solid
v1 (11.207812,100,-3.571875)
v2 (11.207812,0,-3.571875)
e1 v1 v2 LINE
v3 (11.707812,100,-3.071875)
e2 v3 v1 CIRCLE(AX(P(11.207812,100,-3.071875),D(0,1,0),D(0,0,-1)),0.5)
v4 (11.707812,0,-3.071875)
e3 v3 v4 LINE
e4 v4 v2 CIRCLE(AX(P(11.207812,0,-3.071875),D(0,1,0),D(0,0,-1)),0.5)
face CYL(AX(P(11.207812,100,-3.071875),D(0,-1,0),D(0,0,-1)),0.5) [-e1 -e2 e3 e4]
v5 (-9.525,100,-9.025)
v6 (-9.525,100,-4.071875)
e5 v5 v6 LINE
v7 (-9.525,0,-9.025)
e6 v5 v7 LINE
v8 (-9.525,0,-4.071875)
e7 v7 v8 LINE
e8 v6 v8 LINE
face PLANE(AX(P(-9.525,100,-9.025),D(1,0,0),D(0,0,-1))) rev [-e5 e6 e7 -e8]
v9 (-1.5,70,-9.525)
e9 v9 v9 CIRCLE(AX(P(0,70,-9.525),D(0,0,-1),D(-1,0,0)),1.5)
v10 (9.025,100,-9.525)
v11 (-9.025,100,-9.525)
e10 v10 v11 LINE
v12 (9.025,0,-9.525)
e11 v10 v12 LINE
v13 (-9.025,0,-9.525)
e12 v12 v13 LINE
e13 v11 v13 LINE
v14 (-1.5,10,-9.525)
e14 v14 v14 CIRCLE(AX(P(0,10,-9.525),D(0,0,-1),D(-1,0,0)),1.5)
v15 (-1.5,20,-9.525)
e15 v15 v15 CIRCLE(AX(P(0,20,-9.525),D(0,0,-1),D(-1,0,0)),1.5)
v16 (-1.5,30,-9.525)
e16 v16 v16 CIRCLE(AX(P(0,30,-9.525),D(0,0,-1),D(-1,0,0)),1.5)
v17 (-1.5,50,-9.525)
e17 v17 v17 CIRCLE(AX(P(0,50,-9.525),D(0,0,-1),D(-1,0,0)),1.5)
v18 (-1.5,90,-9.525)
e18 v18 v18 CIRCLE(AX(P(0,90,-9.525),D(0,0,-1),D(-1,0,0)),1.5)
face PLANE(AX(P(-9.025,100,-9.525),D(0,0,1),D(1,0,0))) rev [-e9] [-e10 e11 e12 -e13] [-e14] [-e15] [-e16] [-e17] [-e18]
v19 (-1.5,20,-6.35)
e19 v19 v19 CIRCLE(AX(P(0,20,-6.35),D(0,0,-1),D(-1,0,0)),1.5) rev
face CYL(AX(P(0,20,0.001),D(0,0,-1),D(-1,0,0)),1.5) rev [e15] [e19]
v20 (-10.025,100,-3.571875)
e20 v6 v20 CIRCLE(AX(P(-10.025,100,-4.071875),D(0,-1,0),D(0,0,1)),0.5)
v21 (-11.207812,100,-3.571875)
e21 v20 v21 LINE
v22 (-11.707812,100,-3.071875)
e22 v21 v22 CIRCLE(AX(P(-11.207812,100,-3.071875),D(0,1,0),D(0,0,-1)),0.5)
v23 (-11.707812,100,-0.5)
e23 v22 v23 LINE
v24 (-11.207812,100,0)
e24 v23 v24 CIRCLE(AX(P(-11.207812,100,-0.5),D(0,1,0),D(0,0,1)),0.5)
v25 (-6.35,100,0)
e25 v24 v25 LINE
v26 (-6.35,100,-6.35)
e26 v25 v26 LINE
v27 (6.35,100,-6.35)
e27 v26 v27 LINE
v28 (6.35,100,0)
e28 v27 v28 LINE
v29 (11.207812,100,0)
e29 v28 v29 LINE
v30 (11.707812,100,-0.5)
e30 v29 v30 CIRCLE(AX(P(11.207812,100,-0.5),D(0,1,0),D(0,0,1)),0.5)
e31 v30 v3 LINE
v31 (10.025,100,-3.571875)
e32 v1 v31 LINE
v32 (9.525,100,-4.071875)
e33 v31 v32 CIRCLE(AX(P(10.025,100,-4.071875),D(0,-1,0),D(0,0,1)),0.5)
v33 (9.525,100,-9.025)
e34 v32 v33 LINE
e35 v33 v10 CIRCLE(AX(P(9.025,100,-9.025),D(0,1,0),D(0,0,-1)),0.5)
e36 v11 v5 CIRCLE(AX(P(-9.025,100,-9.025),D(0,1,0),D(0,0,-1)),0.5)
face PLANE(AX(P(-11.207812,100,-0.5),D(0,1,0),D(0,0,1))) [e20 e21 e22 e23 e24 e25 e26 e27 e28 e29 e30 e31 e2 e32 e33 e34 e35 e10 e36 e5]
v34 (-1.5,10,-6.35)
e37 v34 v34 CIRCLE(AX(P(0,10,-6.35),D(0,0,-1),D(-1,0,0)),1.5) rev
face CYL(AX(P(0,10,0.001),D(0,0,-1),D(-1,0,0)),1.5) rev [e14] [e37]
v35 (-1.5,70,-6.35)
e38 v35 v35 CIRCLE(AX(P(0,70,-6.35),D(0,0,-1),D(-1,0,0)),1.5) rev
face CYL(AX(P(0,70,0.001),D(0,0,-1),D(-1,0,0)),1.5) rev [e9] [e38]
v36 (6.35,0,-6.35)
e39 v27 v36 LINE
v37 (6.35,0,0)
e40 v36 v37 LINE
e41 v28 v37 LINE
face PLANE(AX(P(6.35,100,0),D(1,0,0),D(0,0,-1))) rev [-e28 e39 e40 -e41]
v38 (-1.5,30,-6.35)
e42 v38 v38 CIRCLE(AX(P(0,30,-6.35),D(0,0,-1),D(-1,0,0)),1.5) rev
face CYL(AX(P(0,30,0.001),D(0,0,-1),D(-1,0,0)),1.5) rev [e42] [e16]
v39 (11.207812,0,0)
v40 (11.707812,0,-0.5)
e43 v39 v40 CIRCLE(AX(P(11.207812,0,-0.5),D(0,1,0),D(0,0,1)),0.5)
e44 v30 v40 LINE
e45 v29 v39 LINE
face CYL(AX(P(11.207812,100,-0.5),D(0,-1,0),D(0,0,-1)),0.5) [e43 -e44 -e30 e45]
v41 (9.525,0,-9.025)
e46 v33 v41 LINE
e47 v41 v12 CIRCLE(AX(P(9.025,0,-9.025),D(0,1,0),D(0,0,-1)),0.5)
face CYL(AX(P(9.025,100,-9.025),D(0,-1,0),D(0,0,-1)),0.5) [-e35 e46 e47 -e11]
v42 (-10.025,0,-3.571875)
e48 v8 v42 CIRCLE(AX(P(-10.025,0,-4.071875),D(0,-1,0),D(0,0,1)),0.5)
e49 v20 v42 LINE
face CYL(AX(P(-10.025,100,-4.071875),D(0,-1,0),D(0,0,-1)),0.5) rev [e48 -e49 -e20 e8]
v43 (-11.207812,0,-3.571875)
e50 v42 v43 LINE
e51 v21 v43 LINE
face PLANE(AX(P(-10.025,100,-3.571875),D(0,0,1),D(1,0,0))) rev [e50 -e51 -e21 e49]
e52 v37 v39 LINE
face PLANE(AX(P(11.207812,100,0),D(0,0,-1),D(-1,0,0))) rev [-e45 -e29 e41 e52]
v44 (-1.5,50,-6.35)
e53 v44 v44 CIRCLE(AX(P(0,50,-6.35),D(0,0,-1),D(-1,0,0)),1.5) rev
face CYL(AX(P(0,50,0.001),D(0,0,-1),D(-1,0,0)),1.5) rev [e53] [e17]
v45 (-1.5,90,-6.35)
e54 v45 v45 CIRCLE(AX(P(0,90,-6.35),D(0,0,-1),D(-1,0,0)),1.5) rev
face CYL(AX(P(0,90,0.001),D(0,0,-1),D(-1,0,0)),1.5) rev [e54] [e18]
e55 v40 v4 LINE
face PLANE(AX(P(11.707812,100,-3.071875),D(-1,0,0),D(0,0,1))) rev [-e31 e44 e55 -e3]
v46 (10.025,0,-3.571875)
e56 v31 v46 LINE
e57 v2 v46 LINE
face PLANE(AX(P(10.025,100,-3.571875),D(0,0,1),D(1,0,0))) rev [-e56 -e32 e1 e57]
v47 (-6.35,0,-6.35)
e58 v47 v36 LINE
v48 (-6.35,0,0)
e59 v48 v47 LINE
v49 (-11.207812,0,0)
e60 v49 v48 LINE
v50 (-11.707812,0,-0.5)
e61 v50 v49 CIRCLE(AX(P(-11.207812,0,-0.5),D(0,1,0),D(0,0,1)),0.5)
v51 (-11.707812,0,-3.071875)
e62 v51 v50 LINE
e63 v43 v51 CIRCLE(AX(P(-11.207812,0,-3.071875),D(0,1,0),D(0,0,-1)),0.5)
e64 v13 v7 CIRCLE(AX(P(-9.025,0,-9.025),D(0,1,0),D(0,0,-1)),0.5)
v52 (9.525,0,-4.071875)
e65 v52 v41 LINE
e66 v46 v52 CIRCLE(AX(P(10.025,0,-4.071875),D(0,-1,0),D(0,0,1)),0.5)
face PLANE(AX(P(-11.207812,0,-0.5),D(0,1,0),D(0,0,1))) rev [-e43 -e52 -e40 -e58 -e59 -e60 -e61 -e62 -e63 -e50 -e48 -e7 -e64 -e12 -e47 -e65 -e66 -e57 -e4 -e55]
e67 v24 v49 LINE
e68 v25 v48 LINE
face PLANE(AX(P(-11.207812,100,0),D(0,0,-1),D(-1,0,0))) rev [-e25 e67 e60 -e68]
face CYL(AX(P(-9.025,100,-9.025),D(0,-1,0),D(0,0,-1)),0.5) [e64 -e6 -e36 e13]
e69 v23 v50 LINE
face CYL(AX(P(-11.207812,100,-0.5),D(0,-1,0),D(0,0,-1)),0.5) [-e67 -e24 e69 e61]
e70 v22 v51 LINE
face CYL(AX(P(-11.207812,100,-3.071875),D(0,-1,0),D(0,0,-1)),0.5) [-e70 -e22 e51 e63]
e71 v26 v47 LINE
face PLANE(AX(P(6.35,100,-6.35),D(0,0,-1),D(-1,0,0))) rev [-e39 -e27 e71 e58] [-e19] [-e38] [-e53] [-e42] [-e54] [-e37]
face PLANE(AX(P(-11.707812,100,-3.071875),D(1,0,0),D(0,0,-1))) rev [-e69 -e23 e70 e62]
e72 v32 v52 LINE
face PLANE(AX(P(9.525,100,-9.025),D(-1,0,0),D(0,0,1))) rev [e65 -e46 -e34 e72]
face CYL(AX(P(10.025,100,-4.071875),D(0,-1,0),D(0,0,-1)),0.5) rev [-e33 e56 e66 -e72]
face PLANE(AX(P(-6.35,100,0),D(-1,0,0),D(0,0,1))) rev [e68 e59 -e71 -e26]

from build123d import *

# Parameters (mm, degrees)
BOSS_EXTRUDE1_DEPTH = 100
CUT_EXTRUDE1_REACH  = 103.133
SKETCH2_R           = 1.5


with BuildPart() as part:
    # Sketch1 → Boss-Extrude1 (new body)
    with BuildSketch(Plane(origin=(0, 0, 0), x_dir=(1, 0, 0), z_dir=(0, 1, 0))):
        with BuildLine():
            Line((11.2078125, 0), (6.35, 0))
            Line((6.35, 0), (6.35, 6.35))
            Line((6.35, 6.35), (-6.35, 6.35))
            Line((-6.35, 6.35), (-6.35, 0))
            Line((-6.35, 0), (-11.2078125, 0))
            ThreePointArc((-11.2078125, 0), (-11.561365891, 0.146446609), (-11.7078125, 0.5))
            Line((-11.7078125, 0.5), (-11.7078125, 3.071875))
            ThreePointArc((-11.7078125, 3.071875), (-11.561365891, 3.425428391), (-11.2078125, 3.571875))
            Line((-11.2078125, 3.571875), (-10.025, 3.571875))
            ThreePointArc((-10.025, 3.571875), (-9.671446609, 3.718321609), (-9.525, 4.071875))
            Line((-9.525, 4.071875), (-9.525, 9.025))
            ThreePointArc((-9.525, 9.025), (-9.378553391, 9.378553391), (-9.025, 9.525))
            Line((-9.025, 9.525), (9.025, 9.525))
            ThreePointArc((9.025, 9.525), (9.378553391, 9.378553391), (9.525, 9.025))
            Line((9.525, 9.025), (9.525, 4.071875))
            ThreePointArc((9.525, 4.071875), (9.671446609, 3.718321609), (10.025, 3.571875))
            Line((10.025, 3.571875), (11.2078125, 3.571875))
            ThreePointArc((11.2078125, 3.571875), (11.561365891, 3.425428391), (11.7078125, 3.071875))
            Line((11.7078125, 3.071875), (11.7078125, 0.5))
            ThreePointArc((11.7078125, 0.5), (11.561365891, 0.146446609), (11.2078125, 0))
        make_face()
    extrude(amount=BOSS_EXTRUDE1_DEPTH)

    # Sketch2 → Cut-Extrude1 (cut, up to next)
    with BuildSketch(Plane(origin=(0, 0, -9.525), x_dir=(-1, 0, 0), z_dir=(0, 0, -1)), mode=Mode.PRIVATE) as cut_extrude1_sk1:
        with Locations((0, 10)):
            Circle(SKETCH2_R)
    cut_extrude1_tool1 = extrude(cut_extrude1_sk1.sketch, amount=-CUT_EXTRUDE1_REACH, mode=Mode.PRIVATE) & part.part
    # Sketch2 → Cut-Extrude1 (cut, up to next)
    with BuildSketch(Plane(origin=(0, 0, -9.525), x_dir=(-1, 0, 0), z_dir=(0, 0, -1)), mode=Mode.PRIVATE) as cut_extrude1_sk2:
        with Locations((0, 20)):
            Circle(SKETCH2_R)
    cut_extrude1_tool2 = extrude(cut_extrude1_sk2.sketch, amount=-CUT_EXTRUDE1_REACH, mode=Mode.PRIVATE) & part.part
    # Sketch2 → Cut-Extrude1 (cut, up to next)
    with BuildSketch(Plane(origin=(0, 0, -9.525), x_dir=(-1, 0, 0), z_dir=(0, 0, -1)), mode=Mode.PRIVATE) as cut_extrude1_sk3:
        with Locations((0, 30)):
            Circle(SKETCH2_R)
    cut_extrude1_tool3 = extrude(cut_extrude1_sk3.sketch, amount=-CUT_EXTRUDE1_REACH, mode=Mode.PRIVATE) & part.part
    # Sketch2 → Cut-Extrude1 (cut, up to next)
    with BuildSketch(Plane(origin=(0, 0, -9.525), x_dir=(-1, 0, 0), z_dir=(0, 0, -1)), mode=Mode.PRIVATE) as cut_extrude1_sk4:
        with Locations((0, 50)):
            Circle(SKETCH2_R)
    cut_extrude1_tool4 = extrude(cut_extrude1_sk4.sketch, amount=-CUT_EXTRUDE1_REACH, mode=Mode.PRIVATE) & part.part
    # Sketch2 → Cut-Extrude1 (cut, up to next)
    with BuildSketch(Plane(origin=(0, 0, -9.525), x_dir=(-1, 0, 0), z_dir=(0, 0, -1)), mode=Mode.PRIVATE) as cut_extrude1_sk5:
        with Locations((0, 70)):
            Circle(SKETCH2_R)
    cut_extrude1_tool5 = extrude(cut_extrude1_sk5.sketch, amount=-CUT_EXTRUDE1_REACH, mode=Mode.PRIVATE) & part.part
    # Sketch2 → Cut-Extrude1 (cut, up to next)
    with BuildSketch(Plane(origin=(0, 0, -9.525), x_dir=(-1, 0, 0), z_dir=(0, 0, -1)), mode=Mode.PRIVATE) as cut_extrude1_sk6:
        with Locations((0, 90)):
            Circle(SKETCH2_R)
    cut_extrude1_tool6 = extrude(cut_extrude1_sk6.sketch, amount=-CUT_EXTRUDE1_REACH, mode=Mode.PRIVATE) & part.part
    add(cut_extrude1_tool1.solids().sort_by_distance((0, 10, -9.525))[0], mode=Mode.SUBTRACT)
    add(cut_extrude1_tool2.solids().sort_by_distance((0, 20, -9.525))[0], mode=Mode.SUBTRACT)
    add(cut_extrude1_tool3.solids().sort_by_distance((0, 30, -9.525))[0], mode=Mode.SUBTRACT)
    add(cut_extrude1_tool4.solids().sort_by_distance((0, 50, -9.525))[0], mode=Mode.SUBTRACT)
    add(cut_extrude1_tool5.solids().sort_by_distance((0, 70, -9.525))[0], mode=Mode.SUBTRACT)
    add(cut_extrude1_tool6.solids().sort_by_distance((0, 90, -9.525))[0], mode=Mode.SUBTRACT)


solid = part.part
